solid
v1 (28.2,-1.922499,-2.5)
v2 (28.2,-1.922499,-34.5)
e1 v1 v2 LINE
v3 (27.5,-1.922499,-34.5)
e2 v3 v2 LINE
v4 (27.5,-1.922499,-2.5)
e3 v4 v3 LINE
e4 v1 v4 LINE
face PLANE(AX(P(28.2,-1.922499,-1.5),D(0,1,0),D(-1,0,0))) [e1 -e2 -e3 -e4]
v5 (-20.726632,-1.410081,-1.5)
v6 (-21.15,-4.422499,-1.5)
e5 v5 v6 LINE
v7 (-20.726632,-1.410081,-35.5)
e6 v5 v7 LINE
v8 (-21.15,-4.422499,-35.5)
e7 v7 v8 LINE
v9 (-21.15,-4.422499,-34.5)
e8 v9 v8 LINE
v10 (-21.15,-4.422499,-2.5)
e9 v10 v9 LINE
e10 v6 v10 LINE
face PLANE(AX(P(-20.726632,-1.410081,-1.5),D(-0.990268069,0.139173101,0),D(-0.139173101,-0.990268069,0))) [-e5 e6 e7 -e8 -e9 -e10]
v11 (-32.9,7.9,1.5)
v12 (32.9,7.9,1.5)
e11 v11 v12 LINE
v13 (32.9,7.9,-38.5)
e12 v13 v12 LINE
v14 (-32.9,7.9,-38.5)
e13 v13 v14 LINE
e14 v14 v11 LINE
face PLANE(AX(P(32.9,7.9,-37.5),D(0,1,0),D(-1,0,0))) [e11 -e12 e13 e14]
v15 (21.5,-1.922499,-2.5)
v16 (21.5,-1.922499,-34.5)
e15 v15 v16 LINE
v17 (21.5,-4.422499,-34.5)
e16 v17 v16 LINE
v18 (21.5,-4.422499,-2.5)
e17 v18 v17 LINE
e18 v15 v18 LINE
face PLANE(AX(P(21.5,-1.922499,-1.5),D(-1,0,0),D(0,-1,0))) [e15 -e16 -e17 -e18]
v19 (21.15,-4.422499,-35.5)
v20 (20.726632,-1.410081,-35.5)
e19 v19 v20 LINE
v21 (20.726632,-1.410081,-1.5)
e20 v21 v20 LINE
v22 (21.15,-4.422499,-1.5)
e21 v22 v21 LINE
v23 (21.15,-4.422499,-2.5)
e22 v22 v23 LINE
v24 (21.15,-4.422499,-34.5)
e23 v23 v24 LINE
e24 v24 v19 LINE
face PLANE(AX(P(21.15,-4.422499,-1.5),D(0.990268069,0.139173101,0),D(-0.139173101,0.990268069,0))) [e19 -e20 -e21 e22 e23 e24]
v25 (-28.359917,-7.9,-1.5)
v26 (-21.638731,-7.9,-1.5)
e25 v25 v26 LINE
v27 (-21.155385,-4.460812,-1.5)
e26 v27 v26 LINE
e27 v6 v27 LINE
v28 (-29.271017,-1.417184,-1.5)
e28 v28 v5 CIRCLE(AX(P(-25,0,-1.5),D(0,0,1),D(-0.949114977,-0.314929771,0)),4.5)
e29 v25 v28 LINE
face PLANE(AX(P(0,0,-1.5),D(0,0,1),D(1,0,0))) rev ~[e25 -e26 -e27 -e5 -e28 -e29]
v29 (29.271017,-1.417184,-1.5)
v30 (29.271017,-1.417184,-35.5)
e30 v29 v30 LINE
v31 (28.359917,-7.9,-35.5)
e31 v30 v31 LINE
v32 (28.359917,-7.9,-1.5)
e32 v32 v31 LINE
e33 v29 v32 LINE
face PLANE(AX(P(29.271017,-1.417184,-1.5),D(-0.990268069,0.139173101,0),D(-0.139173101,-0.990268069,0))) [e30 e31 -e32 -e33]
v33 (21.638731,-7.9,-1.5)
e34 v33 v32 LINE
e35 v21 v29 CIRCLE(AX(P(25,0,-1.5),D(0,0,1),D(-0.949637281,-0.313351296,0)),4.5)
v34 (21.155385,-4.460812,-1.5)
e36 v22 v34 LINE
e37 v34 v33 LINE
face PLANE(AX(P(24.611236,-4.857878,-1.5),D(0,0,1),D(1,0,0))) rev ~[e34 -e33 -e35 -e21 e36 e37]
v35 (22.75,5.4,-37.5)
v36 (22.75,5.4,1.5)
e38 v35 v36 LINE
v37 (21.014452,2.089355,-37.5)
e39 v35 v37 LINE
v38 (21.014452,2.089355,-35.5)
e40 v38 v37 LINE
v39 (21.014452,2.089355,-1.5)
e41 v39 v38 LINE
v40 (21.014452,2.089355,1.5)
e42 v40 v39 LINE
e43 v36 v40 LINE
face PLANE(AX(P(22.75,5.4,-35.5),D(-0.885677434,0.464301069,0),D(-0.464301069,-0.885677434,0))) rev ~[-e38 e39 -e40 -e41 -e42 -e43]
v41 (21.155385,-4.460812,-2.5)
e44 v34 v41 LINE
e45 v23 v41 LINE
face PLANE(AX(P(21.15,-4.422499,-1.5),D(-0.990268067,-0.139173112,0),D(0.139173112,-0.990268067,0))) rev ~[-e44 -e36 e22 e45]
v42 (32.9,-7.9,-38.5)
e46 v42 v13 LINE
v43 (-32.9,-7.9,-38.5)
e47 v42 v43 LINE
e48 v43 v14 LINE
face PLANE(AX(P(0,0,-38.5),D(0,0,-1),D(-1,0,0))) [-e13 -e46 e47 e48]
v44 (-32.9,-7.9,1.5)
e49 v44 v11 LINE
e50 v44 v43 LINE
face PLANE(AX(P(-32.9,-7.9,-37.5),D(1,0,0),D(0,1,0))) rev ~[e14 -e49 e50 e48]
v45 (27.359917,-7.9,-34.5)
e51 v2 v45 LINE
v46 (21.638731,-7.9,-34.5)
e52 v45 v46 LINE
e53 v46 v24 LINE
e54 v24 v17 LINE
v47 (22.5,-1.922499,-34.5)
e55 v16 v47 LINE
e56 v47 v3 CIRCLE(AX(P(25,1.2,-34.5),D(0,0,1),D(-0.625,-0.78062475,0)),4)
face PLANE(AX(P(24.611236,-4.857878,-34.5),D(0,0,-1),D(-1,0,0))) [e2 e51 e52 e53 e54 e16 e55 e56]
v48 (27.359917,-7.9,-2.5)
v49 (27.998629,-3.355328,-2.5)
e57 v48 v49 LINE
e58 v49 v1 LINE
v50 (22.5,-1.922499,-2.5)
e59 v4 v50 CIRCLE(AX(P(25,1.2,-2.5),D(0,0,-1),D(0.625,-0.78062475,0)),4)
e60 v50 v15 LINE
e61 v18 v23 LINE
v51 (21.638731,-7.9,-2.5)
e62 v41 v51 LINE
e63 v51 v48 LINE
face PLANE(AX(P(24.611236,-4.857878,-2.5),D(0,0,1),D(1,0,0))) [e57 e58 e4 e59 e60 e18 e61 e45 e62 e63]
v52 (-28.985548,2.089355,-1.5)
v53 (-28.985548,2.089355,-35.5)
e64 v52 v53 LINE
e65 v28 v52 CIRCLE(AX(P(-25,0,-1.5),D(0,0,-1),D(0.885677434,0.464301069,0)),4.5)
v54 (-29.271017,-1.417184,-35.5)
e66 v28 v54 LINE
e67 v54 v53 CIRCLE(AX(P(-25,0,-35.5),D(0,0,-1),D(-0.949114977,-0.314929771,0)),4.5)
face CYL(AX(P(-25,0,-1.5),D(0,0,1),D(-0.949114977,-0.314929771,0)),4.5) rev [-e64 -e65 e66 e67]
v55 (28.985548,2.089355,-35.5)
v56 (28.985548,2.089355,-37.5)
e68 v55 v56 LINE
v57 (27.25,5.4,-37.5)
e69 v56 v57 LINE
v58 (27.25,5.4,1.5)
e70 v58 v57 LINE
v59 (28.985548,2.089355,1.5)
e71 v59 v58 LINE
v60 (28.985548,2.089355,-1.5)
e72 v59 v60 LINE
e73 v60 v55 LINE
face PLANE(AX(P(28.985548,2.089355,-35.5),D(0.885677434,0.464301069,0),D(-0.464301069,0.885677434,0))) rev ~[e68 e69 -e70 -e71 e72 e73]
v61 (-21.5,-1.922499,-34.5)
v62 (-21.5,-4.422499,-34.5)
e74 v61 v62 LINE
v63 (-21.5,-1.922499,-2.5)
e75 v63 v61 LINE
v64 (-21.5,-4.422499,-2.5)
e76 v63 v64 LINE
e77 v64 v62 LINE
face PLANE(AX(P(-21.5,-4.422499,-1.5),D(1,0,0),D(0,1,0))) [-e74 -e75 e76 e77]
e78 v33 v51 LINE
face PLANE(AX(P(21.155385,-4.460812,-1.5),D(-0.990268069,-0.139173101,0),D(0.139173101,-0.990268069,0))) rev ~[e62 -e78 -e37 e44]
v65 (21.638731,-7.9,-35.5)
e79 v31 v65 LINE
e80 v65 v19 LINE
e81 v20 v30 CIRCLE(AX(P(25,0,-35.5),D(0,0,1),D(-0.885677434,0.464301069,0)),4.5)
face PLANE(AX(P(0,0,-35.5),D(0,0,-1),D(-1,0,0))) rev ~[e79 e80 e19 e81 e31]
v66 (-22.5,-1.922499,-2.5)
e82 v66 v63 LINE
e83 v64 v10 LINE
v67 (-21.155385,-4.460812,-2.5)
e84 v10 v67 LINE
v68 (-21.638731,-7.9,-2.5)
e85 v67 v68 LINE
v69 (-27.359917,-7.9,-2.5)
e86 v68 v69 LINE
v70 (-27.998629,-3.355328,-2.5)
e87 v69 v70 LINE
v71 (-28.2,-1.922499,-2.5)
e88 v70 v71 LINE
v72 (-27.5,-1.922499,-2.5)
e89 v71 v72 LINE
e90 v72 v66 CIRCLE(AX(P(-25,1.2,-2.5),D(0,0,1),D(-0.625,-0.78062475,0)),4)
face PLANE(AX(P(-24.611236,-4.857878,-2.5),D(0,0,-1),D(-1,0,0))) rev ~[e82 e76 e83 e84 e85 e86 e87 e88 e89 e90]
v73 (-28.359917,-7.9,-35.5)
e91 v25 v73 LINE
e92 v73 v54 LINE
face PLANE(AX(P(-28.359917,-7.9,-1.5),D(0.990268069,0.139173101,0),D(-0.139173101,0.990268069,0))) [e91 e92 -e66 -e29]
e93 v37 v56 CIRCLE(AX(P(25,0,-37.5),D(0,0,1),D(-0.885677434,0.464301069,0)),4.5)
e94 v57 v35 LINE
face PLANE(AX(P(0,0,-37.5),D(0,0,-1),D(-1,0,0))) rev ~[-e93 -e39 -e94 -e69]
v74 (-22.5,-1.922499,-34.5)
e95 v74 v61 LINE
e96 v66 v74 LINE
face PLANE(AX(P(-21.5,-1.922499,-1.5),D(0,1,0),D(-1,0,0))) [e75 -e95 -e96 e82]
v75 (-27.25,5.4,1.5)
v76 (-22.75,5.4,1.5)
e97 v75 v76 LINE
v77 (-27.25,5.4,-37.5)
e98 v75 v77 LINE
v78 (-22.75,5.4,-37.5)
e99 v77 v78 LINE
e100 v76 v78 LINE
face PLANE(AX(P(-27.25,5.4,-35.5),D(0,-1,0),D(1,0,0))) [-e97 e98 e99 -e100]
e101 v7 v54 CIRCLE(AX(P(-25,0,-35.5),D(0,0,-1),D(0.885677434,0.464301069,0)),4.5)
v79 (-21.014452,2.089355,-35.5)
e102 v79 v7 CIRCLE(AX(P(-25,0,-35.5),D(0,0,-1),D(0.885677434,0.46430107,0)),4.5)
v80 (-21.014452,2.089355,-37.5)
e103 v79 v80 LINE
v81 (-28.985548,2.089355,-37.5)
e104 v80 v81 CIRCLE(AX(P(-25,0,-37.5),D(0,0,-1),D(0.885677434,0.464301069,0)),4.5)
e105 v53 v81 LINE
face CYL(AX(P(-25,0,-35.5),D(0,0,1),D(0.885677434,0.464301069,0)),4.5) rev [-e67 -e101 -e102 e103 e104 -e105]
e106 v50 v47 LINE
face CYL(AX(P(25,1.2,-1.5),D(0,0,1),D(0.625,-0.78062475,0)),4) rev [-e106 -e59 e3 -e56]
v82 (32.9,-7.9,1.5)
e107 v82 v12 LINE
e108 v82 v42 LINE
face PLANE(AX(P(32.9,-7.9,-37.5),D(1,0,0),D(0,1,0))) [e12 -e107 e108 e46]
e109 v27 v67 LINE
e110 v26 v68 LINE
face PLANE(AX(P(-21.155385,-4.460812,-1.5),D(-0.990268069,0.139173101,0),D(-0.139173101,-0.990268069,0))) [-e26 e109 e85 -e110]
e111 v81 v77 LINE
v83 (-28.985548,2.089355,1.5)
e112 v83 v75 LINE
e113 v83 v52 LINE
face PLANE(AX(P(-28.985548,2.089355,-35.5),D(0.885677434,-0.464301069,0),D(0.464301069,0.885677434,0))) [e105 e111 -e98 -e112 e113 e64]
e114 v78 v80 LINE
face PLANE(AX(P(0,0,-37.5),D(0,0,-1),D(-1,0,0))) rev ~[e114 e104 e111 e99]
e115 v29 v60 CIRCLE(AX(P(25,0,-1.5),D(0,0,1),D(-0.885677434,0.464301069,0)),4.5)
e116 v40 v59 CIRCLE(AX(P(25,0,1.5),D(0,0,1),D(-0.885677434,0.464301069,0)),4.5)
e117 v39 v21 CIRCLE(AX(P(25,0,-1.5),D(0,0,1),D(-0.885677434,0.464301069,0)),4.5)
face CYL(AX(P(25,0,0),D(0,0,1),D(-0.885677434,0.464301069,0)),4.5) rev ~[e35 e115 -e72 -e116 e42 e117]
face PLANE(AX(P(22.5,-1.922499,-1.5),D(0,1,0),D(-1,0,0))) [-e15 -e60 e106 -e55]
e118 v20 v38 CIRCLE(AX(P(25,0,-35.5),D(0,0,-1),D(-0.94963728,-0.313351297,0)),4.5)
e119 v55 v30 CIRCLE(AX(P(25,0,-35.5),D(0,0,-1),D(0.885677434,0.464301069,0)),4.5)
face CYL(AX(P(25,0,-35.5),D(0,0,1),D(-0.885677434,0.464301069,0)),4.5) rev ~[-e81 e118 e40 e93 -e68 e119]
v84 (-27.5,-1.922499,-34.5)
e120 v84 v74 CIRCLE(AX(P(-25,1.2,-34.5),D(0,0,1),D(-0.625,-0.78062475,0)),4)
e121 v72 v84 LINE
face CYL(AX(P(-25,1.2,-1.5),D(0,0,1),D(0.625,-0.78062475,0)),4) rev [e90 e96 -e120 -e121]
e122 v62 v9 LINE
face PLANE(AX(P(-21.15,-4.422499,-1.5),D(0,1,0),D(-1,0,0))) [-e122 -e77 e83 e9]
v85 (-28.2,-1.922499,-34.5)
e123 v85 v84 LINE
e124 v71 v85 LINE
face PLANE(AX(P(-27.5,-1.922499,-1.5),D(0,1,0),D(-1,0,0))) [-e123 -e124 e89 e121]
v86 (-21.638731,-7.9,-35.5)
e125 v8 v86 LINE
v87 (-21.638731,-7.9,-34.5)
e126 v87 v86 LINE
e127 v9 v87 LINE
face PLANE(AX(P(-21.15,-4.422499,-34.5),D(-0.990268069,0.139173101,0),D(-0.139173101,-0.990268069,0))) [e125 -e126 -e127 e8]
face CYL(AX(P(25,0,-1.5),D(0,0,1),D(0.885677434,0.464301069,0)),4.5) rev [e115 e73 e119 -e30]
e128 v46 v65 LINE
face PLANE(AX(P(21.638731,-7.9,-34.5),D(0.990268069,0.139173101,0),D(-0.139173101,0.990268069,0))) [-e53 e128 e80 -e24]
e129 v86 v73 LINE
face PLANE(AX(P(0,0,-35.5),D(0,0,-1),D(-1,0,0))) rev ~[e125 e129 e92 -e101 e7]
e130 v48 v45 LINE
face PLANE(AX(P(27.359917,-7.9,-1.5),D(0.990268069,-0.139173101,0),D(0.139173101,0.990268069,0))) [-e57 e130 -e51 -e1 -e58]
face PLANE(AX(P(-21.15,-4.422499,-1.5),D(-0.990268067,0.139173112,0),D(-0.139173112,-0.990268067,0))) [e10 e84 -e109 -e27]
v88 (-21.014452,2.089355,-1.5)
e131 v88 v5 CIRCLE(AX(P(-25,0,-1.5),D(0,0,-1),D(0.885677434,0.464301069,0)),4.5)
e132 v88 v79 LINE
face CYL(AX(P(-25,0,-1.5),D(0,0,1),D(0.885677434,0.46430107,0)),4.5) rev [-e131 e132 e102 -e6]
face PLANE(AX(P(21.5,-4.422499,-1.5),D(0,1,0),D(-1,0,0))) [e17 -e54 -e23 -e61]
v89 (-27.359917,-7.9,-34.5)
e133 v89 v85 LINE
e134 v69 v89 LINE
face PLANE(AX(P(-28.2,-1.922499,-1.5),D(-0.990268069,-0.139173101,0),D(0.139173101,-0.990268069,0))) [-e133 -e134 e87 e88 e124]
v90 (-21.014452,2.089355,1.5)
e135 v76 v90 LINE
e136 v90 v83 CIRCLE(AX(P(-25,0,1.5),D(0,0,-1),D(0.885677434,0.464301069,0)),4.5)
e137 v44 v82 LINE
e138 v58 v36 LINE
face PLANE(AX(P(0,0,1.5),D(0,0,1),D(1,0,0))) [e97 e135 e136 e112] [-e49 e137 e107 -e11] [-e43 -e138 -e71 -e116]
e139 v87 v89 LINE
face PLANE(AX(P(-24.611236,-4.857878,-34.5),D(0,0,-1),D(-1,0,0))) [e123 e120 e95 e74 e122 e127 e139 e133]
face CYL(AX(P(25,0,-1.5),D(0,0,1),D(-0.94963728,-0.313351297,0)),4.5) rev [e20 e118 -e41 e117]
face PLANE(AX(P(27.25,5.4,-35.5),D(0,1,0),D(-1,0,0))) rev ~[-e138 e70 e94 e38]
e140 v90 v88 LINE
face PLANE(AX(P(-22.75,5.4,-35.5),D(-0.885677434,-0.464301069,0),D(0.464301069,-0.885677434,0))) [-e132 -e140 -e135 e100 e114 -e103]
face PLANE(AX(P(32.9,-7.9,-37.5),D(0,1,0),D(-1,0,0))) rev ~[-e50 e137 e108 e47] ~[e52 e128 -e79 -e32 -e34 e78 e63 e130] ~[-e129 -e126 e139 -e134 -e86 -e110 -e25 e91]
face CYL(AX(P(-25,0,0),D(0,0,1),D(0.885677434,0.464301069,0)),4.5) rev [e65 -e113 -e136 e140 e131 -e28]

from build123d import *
from build123d.topology import SkipClean

# Parameters (mm, degrees)
SCHIZZO2_W            = 65.8
SCHIZZO2_H            = 15.8
FRONT_DEPTH           = 1.5
INNER_DEPTH           = 34
FRONT_CLEARANCE_DEPTH = 1
BACK_START            = -1
BACK_CLEARANCE_DEPTH  = 1
SCHIZZO7_W            = 65.8
SCHIZZO7_H            = 15.8
BACK_DEPTH            = 2
SCHIZZO9_W            = 65.8
SCHIZZO9_H            = 15.8
BACK_CLOSING_DEPTH    = 1


with BuildPart() as part:
    # Schizzo2 → Front (new, symmetric)
    with BuildSketch(Plane.XY):
        Rectangle(SCHIZZO2_W, SCHIZZO2_H)
        with BuildLine():
            Line((-27.25, 5.4), (-22.75, 5.4))
            Line((-22.75, 5.4), (-21.014451547, 2.089354811))
            ThreePointArc((-21.014451547, 2.089354811), (-25, -4.5), (-28.985548453, 2.089354811))
            Line((-28.985548453, 2.089354811), (-27.25, 5.4))
        make_face(mode=Mode.SUBTRACT)
        with BuildLine():
            Line((27.25, 5.4), (22.75, 5.4))
            Line((22.75, 5.4), (21.014451547, 2.089354811))
            ThreePointArc((21.014451547, 2.089354811), (25, -4.5), (28.985548453, 2.089354811))
            Line((28.985548453, 2.089354811), (27.25, 5.4))
        make_face(mode=Mode.SUBTRACT)
    extrude(amount=FRONT_DEPTH, both=True)

    # Schizzo5 → Inner (add)
    with SkipClean():  # the faces are left unmerged after this step: merging them gives an invalid solid
        with BuildSketch(Plane(origin=(0, 0, -1.5), x_dir=(-1, 0, 0), z_dir=(0, 0, -1))):
            with BuildLine():
                Line((-25, -7.9), (-27.35991702, -7.9))
                Line((-27.35991702, -7.9), (-28.2, -1.922498999))
                Line((-28.2, -1.922498999), (-27.5, -1.922498999))
                ThreePointArc((-27.5, -1.922498999), (-25, -2.8), (-22.5, -1.922498999))
                Line((-22.5, -1.922498999), (-21.5, -1.922498999))
                Line((-21.5, -1.922498999), (-21.5, -4.422498999))
                Line((-21.5, -4.422498999), (-21.15, -4.422498999))
                Line((-21.15, -4.422498999), (-20.726632237, -1.410080834))
                ThreePointArc((-20.726632237, -1.410080834), (-20.515143622, 0.368867555), (-21.014451547, 2.089354811))
                Line((-21.014451547, 2.089354811), (-22.75, 5.4))
                Line((-22.75, 5.4), (-27.25, 5.4))
                Line((-27.25, 5.4), (-28.985548453, 2.089354811))
                ThreePointArc((-28.985548453, 2.089354811), (-29.485161475, 0.365139069), (-29.271017396, -1.417183969))
                Line((-29.271017396, -1.417183969), (-28.35991702, -7.9))
                Line((-28.35991702, -7.9), (-32.9, -7.9))
                Line((-32.9, -7.9), (-32.9, 7.9))
                Line((-32.9, 7.9), (32.9, 7.9))
                Line((32.9, 7.9), (32.9, -7.9))
                Line((32.9, -7.9), (28.35991702, -7.9))
                Line((28.35991702, -7.9), (29.271017396, -1.417183969))
                ThreePointArc((29.271017396, -1.417183969), (29.485161475, 0.365139069), (28.985548453, 2.089354811))
                Line((28.985548453, 2.089354811), (27.25, 5.4))
                Line((27.25, 5.4), (22.75, 5.4))
                Line((22.75, 5.4), (21.014451547, 2.089354811))
                ThreePointArc((21.014451547, 2.089354811), (20.515143622, 0.368867555), (20.726632237, -1.410080834))
                Line((20.726632237, -1.410080834), (21.15, -4.422498999))
                Line((21.15, -4.422498999), (21.5, -4.422498999))
                Line((21.5, -4.422498999), (21.5, -1.922498999))
                Line((21.5, -1.922498999), (22.5, -1.922498999))
                ThreePointArc((22.5, -1.922498999), (25, -2.8), (27.5, -1.922498999))
                Line((27.5, -1.922498999), (28.2, -1.922498999))
                Line((28.2, -1.922498999), (27.35991702, -7.9))
                Line((27.35991702, -7.9), (25, -7.9))
                Line((25, -7.9), (21.638730893, -7.9))
                Line((21.638730893, -7.9), (-21.638730893, -7.9))
                Line((-21.638730893, -7.9), (-25, -7.9))
            make_face()
        extrude(amount=INNER_DEPTH)

    # Schizzo13 → Front clearance (cut)
    with BuildSketch(Plane.XY.offset(-1.5)):
        with BuildLine():
            Line((-21.5, -2.828427125), (-21.5, -4.422498999))
            Line((-21.5, -4.422498999), (-21.15, -4.422498999))
            Line((-21.15, -4.422498999), (-21.155384602, -4.46081243))
            Line((-21.155384602, -4.46081243), (-21.638730893, -7.9))
            Line((-21.638730893, -7.9), (-27.35991702, -7.9))
            Line((-27.35991702, -7.9), (-27.998629063, -3.355327665))
            Line((-27.998629063, -3.355327665), (-28.2, -1.922498999))
            Line((-28.2, -1.922498999), (-27.5, -1.922498999))
            ThreePointArc((-27.5, -1.922498999), (-25, -2.8), (-22.5, -1.922498999))
            Line((-22.5, -1.922498999), (-21.5, -1.922498999))
            Line((-21.5, -1.922498999), (-21.5, -2.828427125))
        make_face()
        with BuildLine():
            Line((21.155384602, -4.46081243), (21.638730893, -7.9))
            Line((21.638730893, -7.9), (27.35991702, -7.9))
            Line((27.35991702, -7.9), (27.998629063, -3.355327665))
            Line((27.998629063, -3.355327665), (28.2, -1.922498999))
            Line((28.2, -1.922498999), (27.5, -1.922498999))
            ThreePointArc((27.5, -1.922498999), (25, -2.8), (22.5, -1.922498999))
            Line((22.5, -1.922498999), (21.5, -1.922498999))
            Line((21.5, -1.922498999), (21.5, -2.828427125))
            Line((21.5, -2.828427125), (21.5, -4.422498999))
            Line((21.5, -4.422498999), (21.15, -4.422498999))
            Line((21.15, -4.422498999), (21.155384602, -4.46081243))
        make_face()
    extrude(amount=-FRONT_CLEARANCE_DEPTH, mode=Mode.SUBTRACT)

    # Schizzo12 → Back clearance (cut)
    with BuildSketch(Plane(origin=(0, 0, -35.5), x_dir=(-1, 0, 0), z_dir=(0, 0, -1)).offset(BACK_START)):
        with BuildLine():
            Line((21.5, -1.922498999), (21.5, -4.422498999))
            Line((21.5, -4.422498999), (21.15, -4.422498999))
            Line((21.15, -4.422498999), (21.638730893, -7.9))
            Line((21.638730893, -7.9), (27.35991702, -7.9))
            Line((27.35991702, -7.9), (28.2, -1.922498999))
            Line((28.2, -1.922498999), (27.5, -1.922498999))
            ThreePointArc((27.5, -1.922498999), (25, -2.8), (22.5, -1.922498999))
            Line((22.5, -1.922498999), (21.5, -1.922498999))
        make_face()
        with BuildLine():
            Line((-27.35991702, -7.9), (-21.638730893, -7.9))
            Line((-21.638730893, -7.9), (-21.15, -4.422498999))
            Line((-21.15, -4.422498999), (-21.5, -4.422498999))
            Line((-21.5, -4.422498999), (-21.5, -1.922498999))
            Line((-21.5, -1.922498999), (-22.5, -1.922498999))
            ThreePointArc((-22.5, -1.922498999), (-25, -2.8), (-27.5, -1.922498999))
            Line((-27.5, -1.922498999), (-28.2, -1.922498999))
            Line((-28.2, -1.922498999), (-27.35991702, -7.9))
        make_face()
    extrude(amount=BACK_CLEARANCE_DEPTH, mode=Mode.SUBTRACT)

    # Schizzo7 → Back (add)
    with BuildSketch(Plane(origin=(0, 0, -35.5), x_dir=(-1, 0, 0), z_dir=(0, 0, -1))):
        Rectangle(SCHIZZO7_W, SCHIZZO7_H)
        with BuildLine():
            Line((22.75, 5.4), (21.014451547, 2.089354811))
            ThreePointArc((21.014451547, 2.089354811), (25, -4.5), (28.985548453, 2.089354811))
            Line((28.985548453, 2.089354811), (27.25, 5.4))
            Line((27.25, 5.4), (22.75, 5.4))
        make_face(mode=Mode.SUBTRACT)
        with BuildLine():
            Line((-27.25, 5.4), (-22.75, 5.4))
            Line((-22.75, 5.4), (-21.014451547, 2.089354811))
            ThreePointArc((-21.014451547, 2.089354811), (-25, -4.5), (-28.985548453, 2.089354811))
            Line((-28.985548453, 2.089354811), (-27.25, 5.4))
        make_face(mode=Mode.SUBTRACT)
    extrude(amount=BACK_DEPTH)

    # Schizzo9 → Back closing (add)
    with BuildSketch(Plane(origin=(0, 0, -37.5), x_dir=(-1, 0, 0), z_dir=(0, 0, -1))):
        Rectangle(SCHIZZO9_W, SCHIZZO9_H)
    extrude(amount=BACK_CLOSING_DEPTH)


solid = part.part
